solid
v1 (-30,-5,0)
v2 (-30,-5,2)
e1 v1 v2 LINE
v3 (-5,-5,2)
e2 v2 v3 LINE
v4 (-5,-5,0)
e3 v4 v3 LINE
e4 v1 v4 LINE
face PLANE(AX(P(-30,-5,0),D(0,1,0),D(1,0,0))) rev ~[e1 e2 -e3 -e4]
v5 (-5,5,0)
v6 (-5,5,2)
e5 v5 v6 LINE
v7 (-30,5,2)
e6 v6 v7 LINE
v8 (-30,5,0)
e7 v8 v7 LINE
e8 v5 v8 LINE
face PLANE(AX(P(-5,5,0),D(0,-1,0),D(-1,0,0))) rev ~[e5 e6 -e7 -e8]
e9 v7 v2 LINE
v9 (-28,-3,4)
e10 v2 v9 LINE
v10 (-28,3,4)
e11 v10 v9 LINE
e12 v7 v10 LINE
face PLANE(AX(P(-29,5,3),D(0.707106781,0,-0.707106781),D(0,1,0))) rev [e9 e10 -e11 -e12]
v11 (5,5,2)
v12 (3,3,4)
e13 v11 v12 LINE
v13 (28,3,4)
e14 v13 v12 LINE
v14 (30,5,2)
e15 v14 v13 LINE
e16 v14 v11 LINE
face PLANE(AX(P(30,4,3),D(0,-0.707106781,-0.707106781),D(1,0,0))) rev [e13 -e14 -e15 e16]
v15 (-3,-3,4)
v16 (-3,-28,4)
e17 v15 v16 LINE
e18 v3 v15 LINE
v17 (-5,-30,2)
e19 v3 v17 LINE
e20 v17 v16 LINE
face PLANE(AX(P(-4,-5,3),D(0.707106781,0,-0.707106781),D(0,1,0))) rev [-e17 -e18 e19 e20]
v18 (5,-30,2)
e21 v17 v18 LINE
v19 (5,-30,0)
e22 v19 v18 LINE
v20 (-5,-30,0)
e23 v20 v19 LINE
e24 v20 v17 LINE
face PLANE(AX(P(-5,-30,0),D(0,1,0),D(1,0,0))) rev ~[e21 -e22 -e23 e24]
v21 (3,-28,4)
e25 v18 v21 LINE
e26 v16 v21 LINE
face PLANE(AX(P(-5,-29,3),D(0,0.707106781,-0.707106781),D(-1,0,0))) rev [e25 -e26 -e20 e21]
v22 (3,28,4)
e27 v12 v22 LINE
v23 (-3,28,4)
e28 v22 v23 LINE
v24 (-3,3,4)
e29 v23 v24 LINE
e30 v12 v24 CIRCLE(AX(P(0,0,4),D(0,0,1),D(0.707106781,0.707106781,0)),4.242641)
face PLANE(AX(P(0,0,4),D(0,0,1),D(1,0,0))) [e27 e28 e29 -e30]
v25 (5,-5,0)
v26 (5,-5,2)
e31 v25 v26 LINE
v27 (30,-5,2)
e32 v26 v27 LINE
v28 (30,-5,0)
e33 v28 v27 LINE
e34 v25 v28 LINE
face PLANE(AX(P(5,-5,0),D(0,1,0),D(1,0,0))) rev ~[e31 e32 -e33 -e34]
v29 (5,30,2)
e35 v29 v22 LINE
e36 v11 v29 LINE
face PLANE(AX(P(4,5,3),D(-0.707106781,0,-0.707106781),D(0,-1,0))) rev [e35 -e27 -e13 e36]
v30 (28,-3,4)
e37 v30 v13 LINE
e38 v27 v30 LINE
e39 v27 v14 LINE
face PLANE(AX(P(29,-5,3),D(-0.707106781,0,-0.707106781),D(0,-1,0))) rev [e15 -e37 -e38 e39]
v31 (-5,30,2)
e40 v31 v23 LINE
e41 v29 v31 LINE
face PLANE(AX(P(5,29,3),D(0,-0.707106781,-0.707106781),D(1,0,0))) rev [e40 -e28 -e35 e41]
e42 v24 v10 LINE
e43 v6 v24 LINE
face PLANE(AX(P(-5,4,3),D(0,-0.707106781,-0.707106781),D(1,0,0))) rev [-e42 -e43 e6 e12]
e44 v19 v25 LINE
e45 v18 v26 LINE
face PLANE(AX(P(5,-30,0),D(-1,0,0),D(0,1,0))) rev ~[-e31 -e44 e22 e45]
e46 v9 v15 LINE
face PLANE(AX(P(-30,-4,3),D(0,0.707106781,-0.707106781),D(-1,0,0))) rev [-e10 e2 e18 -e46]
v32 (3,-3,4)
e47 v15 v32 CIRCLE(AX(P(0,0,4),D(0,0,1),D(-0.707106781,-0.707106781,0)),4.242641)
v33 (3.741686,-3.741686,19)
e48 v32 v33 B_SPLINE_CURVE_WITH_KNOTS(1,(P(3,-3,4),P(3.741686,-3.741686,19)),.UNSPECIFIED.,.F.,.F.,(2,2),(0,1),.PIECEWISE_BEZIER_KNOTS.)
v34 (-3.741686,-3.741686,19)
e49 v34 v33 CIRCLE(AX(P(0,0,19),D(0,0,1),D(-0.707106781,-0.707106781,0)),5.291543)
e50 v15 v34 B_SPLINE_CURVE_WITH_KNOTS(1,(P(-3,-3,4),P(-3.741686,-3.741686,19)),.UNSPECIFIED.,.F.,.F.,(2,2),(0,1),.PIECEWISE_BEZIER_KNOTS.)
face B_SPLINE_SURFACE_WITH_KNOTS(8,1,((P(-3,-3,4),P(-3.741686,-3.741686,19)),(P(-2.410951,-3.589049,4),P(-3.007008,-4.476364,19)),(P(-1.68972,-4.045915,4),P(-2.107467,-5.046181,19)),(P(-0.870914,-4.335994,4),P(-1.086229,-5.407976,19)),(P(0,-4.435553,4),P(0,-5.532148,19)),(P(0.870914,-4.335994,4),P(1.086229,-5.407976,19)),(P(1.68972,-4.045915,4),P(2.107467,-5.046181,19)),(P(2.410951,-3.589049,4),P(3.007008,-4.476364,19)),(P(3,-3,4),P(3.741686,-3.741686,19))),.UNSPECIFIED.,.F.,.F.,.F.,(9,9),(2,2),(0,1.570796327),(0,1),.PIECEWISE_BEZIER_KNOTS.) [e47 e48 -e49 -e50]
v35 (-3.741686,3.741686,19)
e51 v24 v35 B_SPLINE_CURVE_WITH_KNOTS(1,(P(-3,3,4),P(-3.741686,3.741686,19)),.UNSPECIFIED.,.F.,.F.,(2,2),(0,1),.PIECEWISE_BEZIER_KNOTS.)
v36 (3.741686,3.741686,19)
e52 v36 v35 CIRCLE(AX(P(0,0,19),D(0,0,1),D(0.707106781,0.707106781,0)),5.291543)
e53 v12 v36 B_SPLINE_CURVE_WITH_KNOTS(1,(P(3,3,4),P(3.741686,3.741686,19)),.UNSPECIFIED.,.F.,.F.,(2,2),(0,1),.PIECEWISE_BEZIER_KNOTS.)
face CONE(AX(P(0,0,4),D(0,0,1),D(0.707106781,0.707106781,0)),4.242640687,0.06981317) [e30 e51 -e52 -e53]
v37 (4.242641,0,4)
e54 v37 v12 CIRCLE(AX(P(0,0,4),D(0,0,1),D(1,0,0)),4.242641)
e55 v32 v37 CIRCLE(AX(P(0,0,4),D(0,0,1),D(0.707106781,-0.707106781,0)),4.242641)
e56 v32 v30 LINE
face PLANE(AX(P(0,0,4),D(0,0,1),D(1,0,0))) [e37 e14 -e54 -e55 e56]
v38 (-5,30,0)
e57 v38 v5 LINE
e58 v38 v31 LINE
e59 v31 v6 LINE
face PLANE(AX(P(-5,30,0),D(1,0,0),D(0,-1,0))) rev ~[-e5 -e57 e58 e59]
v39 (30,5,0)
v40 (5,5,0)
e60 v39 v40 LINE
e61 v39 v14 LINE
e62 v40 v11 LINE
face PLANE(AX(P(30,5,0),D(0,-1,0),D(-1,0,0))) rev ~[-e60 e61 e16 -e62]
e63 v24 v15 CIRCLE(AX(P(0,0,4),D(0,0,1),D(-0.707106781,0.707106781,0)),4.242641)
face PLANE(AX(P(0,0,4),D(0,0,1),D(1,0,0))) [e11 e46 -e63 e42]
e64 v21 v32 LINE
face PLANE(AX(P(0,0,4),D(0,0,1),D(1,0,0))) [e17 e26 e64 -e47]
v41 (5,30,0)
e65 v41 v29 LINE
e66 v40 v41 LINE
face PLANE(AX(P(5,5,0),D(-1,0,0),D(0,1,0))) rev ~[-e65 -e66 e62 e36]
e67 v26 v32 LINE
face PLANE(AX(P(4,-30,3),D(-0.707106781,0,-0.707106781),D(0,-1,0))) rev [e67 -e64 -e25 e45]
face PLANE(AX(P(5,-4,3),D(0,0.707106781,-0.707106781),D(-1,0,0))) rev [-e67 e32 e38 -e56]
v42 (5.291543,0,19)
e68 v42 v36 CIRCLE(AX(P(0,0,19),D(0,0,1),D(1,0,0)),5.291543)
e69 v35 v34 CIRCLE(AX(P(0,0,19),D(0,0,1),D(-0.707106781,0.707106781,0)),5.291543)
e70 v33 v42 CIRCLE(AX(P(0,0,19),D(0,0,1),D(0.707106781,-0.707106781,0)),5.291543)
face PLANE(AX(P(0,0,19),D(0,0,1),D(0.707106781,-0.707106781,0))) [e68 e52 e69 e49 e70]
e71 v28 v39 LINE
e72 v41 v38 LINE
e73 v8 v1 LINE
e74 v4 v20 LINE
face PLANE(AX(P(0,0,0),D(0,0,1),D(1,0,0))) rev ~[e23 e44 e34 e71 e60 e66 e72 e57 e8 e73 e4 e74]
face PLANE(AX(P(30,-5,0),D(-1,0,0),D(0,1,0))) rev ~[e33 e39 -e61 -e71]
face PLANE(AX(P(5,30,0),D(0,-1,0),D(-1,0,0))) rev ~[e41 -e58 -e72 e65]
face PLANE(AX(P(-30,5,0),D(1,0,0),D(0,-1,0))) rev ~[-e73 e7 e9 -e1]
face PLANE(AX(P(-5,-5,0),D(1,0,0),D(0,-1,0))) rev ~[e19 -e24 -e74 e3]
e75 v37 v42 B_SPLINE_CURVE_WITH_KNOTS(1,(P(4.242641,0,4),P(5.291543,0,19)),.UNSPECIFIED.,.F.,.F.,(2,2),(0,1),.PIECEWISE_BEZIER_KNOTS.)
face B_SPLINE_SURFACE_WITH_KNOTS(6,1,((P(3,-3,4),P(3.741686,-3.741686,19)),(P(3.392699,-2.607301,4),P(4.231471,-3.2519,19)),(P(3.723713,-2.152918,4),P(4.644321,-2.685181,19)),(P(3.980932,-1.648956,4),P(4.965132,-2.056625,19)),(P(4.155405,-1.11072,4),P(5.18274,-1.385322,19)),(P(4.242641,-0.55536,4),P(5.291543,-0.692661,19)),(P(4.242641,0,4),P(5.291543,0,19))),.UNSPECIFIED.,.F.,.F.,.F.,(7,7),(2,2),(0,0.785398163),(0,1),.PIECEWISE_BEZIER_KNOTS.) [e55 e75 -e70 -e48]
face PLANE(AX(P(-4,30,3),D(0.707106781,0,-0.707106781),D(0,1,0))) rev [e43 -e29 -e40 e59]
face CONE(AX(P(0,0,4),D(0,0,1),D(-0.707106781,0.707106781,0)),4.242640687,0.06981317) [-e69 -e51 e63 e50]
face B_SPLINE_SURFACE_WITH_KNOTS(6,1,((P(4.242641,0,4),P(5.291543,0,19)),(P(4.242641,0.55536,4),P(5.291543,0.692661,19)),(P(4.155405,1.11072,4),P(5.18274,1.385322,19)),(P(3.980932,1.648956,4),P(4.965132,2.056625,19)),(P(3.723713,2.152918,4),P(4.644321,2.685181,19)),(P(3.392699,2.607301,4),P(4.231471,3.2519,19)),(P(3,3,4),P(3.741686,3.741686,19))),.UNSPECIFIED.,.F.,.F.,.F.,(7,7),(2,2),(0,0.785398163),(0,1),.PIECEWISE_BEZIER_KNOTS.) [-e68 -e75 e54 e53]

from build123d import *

# Parameters (mm, degrees)
F1_DEPTH = 4
F2_SIZE  = 2
F4_DEPTH = 15
F4_TAPER = -4


with BuildPart() as f1:
    # F0 (on Top) → F1 (new body)
    with BuildSketch(Plane.XY):
        Polygon((5, -30), (5, -5), (30, -5), (30, 5), (5, 5), (5, 30), (-5, 30), (-5, 5), (-30, 5), (-30, -5), (-5, -5), (-5, -30), align=None)
    extrude(amount=F1_DEPTH)

    # F2
    f2_edges = [f1.edges().sort_by_distance(p)[0] for p in [
        (-5, 17.5, 4),
        (0, 30, 4),
        (5, 17.5, 4),
        (-17.5, 5, 4),
        (-17.5, -5, 4),
        (-30, 0, 4),
        (-5, -17.5, 4),
        (0, -30, 4),
        (5, -17.5, 4),
        (17.5, -5, 4),
        (17.5, 5, 4),
        (30, 0, 4),
    ]]
    chamfer(f2_edges, length=F2_SIZE)

    # F3 (on face) → F4 (join)
    with BuildSketch(Plane.XY.offset(4)):
        with BuildLine():
            ThreePointArc((3, -3), (3.9196888946, -1.6235883004), (4.2426406871, 0))
            ThreePointArc((4.2426406871, 0), (3.9196888946, 1.6235883004), (3, 3))
            ThreePointArc((3, 3), (0, 4.2426406871), (-3, 3))
            ThreePointArc((-3, 3), (-4.2426406871, 0), (-3, -3))
            ThreePointArc((-3, -3), (0, -4.2426406871), (3, -3))
        make_face()
    extrude(amount=F4_DEPTH, taper=F4_TAPER)


solid = f1.part
